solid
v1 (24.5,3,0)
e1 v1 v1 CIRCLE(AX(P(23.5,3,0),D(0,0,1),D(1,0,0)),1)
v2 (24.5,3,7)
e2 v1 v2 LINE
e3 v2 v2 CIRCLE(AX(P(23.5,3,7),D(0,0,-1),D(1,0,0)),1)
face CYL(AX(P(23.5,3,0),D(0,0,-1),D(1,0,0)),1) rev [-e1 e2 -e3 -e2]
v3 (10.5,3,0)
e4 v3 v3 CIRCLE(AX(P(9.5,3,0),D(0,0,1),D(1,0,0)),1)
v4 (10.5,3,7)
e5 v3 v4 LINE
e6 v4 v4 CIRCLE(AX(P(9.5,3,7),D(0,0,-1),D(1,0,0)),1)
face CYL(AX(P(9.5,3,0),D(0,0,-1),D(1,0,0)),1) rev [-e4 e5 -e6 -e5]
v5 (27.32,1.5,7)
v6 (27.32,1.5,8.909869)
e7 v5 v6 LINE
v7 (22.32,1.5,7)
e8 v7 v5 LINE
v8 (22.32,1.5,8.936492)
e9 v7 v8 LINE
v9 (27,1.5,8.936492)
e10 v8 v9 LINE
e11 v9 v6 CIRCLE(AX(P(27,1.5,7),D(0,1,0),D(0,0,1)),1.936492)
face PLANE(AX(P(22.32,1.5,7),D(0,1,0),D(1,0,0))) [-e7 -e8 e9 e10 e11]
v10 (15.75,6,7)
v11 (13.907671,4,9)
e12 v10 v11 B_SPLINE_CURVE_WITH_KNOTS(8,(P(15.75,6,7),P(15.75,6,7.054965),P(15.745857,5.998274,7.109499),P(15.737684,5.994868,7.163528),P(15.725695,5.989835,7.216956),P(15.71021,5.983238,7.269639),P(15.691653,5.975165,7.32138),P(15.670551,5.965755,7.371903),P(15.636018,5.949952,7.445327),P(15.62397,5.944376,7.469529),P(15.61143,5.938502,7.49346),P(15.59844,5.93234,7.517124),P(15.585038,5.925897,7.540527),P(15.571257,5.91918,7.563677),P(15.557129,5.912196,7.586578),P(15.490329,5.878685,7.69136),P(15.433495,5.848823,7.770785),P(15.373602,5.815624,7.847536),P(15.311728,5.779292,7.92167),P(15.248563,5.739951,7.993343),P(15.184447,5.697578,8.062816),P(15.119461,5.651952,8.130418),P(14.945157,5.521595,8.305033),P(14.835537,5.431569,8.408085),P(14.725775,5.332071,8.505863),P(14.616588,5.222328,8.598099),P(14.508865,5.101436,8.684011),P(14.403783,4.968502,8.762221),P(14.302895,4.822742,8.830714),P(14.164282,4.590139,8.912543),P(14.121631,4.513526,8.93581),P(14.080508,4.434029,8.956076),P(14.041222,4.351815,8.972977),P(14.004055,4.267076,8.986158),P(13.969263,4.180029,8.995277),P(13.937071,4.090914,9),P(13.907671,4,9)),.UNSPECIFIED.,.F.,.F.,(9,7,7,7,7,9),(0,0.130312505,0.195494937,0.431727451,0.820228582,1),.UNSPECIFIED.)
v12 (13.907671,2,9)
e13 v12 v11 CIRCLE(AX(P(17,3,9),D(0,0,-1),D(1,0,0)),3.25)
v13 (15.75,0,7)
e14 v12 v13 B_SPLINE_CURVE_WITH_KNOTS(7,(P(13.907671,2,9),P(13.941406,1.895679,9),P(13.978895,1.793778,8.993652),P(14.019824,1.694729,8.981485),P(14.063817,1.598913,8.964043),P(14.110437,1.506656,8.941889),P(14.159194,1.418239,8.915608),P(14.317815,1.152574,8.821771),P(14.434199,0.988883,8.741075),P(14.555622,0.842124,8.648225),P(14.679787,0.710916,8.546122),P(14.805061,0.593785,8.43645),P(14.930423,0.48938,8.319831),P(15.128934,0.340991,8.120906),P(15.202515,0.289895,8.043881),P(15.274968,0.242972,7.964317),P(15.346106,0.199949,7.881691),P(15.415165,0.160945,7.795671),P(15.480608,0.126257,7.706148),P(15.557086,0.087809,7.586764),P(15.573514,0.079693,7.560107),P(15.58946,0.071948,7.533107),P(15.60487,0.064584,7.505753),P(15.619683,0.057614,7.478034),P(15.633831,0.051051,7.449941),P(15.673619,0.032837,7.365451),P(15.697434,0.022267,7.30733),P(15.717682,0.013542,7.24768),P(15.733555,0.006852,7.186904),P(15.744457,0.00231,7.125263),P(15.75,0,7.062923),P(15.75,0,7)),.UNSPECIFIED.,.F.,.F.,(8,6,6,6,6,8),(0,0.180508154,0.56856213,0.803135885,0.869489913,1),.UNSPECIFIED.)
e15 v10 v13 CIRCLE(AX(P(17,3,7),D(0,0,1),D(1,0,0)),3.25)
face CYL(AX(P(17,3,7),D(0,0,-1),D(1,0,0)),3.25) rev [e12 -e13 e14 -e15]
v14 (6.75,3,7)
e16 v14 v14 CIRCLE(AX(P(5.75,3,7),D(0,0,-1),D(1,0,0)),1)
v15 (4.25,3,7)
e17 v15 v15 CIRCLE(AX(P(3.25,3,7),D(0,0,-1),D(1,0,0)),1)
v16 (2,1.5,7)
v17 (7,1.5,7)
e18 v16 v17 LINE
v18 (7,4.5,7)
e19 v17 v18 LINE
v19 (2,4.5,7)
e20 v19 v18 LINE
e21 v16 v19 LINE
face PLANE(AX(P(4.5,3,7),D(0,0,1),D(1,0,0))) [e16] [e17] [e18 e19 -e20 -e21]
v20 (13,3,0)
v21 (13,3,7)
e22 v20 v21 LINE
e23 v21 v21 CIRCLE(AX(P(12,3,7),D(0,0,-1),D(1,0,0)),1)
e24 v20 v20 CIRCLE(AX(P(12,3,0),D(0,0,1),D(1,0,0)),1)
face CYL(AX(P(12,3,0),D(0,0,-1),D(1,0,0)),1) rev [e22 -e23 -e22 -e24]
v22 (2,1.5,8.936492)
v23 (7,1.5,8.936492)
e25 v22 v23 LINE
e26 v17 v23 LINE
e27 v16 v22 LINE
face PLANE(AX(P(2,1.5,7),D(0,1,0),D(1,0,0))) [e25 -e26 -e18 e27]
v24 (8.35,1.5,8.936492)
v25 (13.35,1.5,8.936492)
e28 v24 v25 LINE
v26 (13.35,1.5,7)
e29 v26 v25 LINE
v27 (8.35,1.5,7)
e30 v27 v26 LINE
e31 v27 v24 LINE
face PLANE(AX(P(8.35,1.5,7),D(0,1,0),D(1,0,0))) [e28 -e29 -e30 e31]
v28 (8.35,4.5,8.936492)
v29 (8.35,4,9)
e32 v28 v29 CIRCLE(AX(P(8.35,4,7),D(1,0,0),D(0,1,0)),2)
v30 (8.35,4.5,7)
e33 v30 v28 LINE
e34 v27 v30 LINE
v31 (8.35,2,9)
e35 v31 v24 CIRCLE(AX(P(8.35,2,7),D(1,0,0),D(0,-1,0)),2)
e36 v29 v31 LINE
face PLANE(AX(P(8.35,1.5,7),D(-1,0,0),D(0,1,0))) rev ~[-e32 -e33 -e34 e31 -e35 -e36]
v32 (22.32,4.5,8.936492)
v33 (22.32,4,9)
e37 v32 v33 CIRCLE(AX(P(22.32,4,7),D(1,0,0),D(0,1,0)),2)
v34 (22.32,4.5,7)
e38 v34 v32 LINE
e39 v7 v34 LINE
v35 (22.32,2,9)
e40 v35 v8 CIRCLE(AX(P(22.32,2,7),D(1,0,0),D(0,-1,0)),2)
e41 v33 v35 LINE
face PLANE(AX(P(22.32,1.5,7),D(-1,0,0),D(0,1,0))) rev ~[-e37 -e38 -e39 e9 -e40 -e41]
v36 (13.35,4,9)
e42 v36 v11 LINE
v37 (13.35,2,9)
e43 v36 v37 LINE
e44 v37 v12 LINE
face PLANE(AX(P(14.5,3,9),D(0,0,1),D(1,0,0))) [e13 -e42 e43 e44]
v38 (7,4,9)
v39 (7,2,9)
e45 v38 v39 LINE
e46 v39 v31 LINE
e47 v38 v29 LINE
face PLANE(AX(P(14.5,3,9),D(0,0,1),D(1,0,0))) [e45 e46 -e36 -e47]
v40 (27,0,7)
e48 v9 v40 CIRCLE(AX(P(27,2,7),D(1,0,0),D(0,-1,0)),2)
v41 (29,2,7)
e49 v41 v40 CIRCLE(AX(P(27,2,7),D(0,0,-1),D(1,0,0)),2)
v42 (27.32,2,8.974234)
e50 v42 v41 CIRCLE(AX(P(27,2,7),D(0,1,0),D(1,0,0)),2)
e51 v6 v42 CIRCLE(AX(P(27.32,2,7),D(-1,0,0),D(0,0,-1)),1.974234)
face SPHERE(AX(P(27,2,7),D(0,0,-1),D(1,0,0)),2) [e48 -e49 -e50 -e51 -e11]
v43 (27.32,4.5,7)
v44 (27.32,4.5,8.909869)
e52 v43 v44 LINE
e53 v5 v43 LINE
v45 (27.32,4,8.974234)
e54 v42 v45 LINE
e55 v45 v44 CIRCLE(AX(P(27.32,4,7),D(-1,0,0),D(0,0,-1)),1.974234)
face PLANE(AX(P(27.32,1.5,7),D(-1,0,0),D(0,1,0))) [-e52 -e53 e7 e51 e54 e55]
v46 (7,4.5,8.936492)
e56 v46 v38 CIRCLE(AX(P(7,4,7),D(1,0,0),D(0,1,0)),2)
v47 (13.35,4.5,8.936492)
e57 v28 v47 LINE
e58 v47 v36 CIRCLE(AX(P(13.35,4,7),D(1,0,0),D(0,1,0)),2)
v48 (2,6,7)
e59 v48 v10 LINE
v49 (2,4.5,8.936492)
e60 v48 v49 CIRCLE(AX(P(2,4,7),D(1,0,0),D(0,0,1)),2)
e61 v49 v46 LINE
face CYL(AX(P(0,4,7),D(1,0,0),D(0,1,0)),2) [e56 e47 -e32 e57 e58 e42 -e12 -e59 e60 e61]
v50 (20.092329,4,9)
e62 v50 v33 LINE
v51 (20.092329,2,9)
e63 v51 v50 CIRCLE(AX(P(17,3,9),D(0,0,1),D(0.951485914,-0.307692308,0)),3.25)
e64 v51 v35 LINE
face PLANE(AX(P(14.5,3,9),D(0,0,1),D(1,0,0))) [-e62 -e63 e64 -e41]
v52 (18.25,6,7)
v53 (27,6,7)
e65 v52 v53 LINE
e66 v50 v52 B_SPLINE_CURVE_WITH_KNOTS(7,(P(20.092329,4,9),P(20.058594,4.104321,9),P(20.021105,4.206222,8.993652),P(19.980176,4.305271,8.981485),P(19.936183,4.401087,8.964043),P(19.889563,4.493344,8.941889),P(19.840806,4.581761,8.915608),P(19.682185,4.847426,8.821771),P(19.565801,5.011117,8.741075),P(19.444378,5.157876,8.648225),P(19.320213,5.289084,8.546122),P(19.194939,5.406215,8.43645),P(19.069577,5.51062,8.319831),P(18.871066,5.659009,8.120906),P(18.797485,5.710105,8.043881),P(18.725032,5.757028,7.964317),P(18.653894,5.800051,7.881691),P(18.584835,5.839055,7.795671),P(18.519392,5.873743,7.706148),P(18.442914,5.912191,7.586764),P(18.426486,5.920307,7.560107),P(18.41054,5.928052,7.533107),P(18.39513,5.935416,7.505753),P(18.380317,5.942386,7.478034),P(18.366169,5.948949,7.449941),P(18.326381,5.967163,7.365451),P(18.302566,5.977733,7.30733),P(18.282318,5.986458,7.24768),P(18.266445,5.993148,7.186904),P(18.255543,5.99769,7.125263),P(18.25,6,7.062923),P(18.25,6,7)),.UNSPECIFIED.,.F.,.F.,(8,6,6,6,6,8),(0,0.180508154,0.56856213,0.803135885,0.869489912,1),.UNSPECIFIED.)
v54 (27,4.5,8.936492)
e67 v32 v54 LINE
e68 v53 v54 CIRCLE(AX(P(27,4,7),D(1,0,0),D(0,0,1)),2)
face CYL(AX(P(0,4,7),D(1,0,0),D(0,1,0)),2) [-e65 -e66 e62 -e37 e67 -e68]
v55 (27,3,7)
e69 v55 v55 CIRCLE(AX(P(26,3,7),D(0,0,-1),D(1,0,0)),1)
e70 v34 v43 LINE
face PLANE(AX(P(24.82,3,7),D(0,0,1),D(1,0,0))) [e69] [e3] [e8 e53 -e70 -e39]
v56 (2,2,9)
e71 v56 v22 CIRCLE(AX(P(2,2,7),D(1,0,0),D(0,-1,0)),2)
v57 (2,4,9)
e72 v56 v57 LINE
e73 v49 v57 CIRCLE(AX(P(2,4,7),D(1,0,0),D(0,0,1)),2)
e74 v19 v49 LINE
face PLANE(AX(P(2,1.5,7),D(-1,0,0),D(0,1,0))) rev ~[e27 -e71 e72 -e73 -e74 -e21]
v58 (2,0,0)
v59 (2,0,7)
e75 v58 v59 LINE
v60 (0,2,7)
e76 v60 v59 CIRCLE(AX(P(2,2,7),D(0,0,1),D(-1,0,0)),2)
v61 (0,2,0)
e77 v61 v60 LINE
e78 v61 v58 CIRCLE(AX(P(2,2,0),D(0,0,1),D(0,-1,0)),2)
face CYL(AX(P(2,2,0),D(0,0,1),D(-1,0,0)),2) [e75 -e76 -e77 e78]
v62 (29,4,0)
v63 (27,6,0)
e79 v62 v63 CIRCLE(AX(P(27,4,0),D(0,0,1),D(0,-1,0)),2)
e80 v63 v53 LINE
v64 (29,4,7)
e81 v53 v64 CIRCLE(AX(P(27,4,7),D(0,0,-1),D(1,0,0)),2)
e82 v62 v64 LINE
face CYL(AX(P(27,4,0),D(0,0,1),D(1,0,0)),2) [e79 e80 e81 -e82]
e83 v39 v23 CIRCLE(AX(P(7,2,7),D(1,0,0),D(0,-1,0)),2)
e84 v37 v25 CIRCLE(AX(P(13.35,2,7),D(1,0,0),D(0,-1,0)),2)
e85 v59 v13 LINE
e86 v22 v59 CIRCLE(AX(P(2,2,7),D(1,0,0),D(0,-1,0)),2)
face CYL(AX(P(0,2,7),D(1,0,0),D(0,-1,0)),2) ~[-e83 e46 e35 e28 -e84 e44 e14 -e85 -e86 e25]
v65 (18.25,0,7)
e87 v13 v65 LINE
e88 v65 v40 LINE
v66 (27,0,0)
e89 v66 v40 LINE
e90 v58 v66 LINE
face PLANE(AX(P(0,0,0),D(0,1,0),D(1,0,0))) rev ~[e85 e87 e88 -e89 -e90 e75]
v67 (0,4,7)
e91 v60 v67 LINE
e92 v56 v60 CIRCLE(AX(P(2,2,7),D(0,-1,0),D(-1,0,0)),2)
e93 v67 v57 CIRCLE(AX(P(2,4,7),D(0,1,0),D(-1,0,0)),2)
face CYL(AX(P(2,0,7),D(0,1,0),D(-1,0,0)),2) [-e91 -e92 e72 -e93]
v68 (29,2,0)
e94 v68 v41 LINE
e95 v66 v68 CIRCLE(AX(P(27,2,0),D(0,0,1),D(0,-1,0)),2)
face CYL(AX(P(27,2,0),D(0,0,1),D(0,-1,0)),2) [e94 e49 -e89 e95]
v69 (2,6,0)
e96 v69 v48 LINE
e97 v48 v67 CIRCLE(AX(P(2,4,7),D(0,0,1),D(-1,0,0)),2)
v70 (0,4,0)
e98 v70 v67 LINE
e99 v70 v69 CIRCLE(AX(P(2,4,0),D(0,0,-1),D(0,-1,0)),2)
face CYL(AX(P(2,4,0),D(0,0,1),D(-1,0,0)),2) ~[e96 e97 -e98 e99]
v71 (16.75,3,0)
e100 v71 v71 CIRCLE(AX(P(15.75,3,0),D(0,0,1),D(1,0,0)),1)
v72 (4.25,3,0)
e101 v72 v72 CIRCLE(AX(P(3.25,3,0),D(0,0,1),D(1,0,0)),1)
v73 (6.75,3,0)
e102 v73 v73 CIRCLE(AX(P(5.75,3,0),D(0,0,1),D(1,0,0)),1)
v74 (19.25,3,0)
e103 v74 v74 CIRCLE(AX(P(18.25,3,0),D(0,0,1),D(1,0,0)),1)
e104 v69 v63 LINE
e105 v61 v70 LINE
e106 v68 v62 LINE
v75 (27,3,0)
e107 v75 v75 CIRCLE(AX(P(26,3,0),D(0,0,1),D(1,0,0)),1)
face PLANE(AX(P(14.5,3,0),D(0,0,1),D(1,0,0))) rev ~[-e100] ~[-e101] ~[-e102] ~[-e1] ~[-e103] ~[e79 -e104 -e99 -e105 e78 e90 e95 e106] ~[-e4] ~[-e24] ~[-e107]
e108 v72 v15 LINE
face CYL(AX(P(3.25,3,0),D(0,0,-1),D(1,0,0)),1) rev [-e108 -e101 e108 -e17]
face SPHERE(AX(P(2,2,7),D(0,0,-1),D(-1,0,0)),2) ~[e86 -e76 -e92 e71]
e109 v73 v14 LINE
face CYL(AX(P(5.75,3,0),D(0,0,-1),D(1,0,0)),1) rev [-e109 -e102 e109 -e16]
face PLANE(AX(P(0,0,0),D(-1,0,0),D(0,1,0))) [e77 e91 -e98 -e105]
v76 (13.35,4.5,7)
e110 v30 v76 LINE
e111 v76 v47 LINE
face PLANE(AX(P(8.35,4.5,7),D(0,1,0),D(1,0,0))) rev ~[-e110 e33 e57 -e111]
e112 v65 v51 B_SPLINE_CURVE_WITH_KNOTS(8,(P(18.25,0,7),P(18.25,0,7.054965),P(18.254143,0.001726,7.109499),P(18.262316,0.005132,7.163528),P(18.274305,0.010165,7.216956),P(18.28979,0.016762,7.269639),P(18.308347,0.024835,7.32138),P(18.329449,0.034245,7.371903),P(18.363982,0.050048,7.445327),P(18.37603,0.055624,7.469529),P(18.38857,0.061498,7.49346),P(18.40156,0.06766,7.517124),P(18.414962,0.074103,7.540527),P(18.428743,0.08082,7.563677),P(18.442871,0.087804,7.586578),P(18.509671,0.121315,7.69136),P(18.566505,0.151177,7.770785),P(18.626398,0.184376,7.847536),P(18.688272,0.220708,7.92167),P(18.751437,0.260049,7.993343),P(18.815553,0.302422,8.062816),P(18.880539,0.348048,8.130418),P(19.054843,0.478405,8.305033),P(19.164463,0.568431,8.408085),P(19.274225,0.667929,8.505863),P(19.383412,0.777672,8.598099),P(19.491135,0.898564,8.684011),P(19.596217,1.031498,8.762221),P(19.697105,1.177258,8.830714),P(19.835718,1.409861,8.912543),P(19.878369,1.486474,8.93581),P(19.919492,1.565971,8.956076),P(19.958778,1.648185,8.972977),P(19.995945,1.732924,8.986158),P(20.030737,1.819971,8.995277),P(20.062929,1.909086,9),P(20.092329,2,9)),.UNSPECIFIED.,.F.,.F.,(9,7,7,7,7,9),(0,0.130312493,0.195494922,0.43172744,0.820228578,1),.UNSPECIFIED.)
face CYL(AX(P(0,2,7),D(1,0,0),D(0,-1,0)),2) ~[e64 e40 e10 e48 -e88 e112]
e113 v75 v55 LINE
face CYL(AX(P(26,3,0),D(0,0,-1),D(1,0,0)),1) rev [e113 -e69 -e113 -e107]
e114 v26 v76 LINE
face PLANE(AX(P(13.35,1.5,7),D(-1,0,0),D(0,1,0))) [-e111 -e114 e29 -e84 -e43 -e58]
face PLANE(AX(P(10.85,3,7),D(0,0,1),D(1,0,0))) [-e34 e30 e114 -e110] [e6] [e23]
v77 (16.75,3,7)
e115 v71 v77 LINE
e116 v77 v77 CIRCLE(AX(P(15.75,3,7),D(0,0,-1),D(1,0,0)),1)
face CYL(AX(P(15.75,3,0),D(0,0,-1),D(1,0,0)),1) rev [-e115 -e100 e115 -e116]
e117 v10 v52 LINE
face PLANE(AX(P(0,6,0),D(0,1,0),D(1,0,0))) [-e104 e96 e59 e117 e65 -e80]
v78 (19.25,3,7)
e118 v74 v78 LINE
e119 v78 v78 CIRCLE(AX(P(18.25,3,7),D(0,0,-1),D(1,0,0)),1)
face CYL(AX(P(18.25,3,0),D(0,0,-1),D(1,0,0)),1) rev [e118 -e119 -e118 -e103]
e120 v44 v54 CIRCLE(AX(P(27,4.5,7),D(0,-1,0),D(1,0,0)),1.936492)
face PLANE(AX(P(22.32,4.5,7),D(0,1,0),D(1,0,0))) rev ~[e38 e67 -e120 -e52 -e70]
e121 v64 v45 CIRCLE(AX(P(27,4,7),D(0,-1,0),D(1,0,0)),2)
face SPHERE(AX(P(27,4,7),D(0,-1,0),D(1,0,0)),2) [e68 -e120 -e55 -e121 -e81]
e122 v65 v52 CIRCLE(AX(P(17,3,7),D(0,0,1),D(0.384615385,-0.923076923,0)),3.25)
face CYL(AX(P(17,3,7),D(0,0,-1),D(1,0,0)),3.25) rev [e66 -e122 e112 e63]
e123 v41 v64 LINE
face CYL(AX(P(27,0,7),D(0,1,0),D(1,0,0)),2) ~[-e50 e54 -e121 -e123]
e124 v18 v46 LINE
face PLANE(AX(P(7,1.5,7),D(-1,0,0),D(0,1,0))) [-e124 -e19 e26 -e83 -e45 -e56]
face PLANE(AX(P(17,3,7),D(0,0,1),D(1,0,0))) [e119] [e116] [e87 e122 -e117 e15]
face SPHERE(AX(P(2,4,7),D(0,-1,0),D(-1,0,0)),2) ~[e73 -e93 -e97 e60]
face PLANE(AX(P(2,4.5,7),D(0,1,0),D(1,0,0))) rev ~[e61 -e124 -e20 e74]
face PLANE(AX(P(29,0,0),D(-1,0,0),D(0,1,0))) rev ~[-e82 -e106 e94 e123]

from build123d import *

# Parameters (mm, degrees)
BOX001_W          = 5
BOX001_H          = 3
BOX001_DEPTH      = 10
BOX002_W          = 5
BOX002_H          = 3
BOX002_DEPTH      = 10
BOX003_W          = 5
BOX003_H          = 3
BOX003_DEPTH      = 10
CYLINDER_R        = 3.25
CYLINDER_DEPTH    = 10
CYLINDER002_R     = 1
CYLINDER002_DEPTH = 20
CYLINDER001_R     = 1
CYLINDER001_DEPTH = 20
CYLINDER004_R     = 1
CYLINDER004_DEPTH = 20
CYLINDER003_R     = 1
CYLINDER003_DEPTH = 20
CYLINDER006_R     = 1
CYLINDER006_DEPTH = 20
CYLINDER005_R     = 1
CYLINDER005_DEPTH = 20
CYLINDER008_R     = 1
CYLINDER008_DEPTH = 20
CYLINDER007_R     = 1
CYLINDER007_DEPTH = 20
BOX_W             = 29
BOX_H             = 6
BOX_DEPTH         = 9
FILLET_R          = 2


with BuildPart() as cube001:
    # Box001 → Box001 (new body)
    with BuildSketch(Plane(origin=(2, 1.5, 7), x_dir=(1, 0, 0), z_dir=(0, 0, 1))):
        with Locations((2.5, 1.5)):
            Rectangle(BOX001_W, BOX001_H)
    extrude(amount=BOX001_DEPTH)


with BuildPart() as cube002:
    # Box002 → Box002 (new body)
    with BuildSketch(Plane(origin=(8.35, 1.5, 7), x_dir=(1, 0, 0), z_dir=(0, 0, 1))):
        with Locations((2.5, 1.5)):
            Rectangle(BOX002_W, BOX002_H)
    extrude(amount=BOX002_DEPTH)


with BuildPart() as cube003:
    # Box003 → Box003 (new body)
    with BuildSketch(Plane(origin=(22.32, 1.5, 7), x_dir=(1, 0, 0), z_dir=(0, 0, 1))):
        with Locations((2.5, 1.5)):
            Rectangle(BOX003_W, BOX003_H)
    extrude(amount=BOX003_DEPTH)


with BuildPart() as cylinder:
    # Cylinder → Cylinder (new body)
    with BuildSketch(Plane(origin=(17, 3, 7), x_dir=(1, 0, 0), z_dir=(0, 0, 1))):
        Circle(CYLINDER_R)
    extrude(amount=CYLINDER_DEPTH)


with BuildPart() as cylinder002:
    # Cylinder002 → Cylinder002 (new body)
    with BuildSketch(Plane(origin=(5.75, 3, 0), x_dir=(1, 0, 0), z_dir=(0, 0, 1))):
        Circle(CYLINDER002_R)
    extrude(amount=CYLINDER002_DEPTH)


with BuildPart() as fusion:
    # Cylinder001 → Cylinder001 (new body)
    with BuildSketch(Plane(origin=(3.25, 3, 0), x_dir=(1, 0, 0), z_dir=(0, 0, 1))):
        Circle(CYLINDER001_R)
    extrude(amount=CYLINDER001_DEPTH)

    # Fusion: union Cylinder002
    add(cylinder002.part)


with BuildPart() as cylinder004:
    # Cylinder004 → Cylinder004 (new body)
    with BuildSketch(Plane(origin=(5.75, 3, 0), x_dir=(1, 0, 0), z_dir=(0, 0, 1))):
        Circle(CYLINDER004_R)
    extrude(amount=CYLINDER004_DEPTH)


with BuildPart() as fusion001:
    # Cylinder003 → Cylinder003 (new body)
    with BuildSketch(Plane(origin=(3.25, 3, 0), x_dir=(1, 0, 0), z_dir=(0, 0, 1))):
        Circle(CYLINDER003_R)
    extrude(amount=CYLINDER003_DEPTH)

    # Fusion001: union Cylinder004
    add(cylinder004.part)


with BuildPart() as fusion001_1:
    # Fusion001 placement: moved
    add(fusion001.part.moved(Location((6.25, 0, 0))))


with BuildPart() as cylinder006:
    # Cylinder006 → Cylinder006 (new body)
    with BuildSketch(Plane(origin=(5.75, 3, 0), x_dir=(1, 0, 0), z_dir=(0, 0, 1))):
        Circle(CYLINDER006_R)
    extrude(amount=CYLINDER006_DEPTH)


with BuildPart() as fusion002:
    # Cylinder005 → Cylinder005 (new body)
    with BuildSketch(Plane(origin=(3.25, 3, 0), x_dir=(1, 0, 0), z_dir=(0, 0, 1))):
        Circle(CYLINDER005_R)
    extrude(amount=CYLINDER005_DEPTH)

    # Fusion002: union Cylinder006
    add(cylinder006.part)


with BuildPart() as fusion002_1:
    # Fusion002 placement: moved
    add(fusion002.part.moved(Location((20.25, 0, 0))))


with BuildPart() as cylinder008:
    # Cylinder008 → Cylinder008 (new body)
    with BuildSketch(Plane(origin=(5.75, 3, 0), x_dir=(1, 0, 0), z_dir=(0, 0, 1))):
        Circle(CYLINDER008_R)
    extrude(amount=CYLINDER008_DEPTH)


with BuildPart() as fusion004:
    # Cylinder007 → Cylinder007 (new body)
    with BuildSketch(Plane(origin=(3.25, 3, 0), x_dir=(1, 0, 0), z_dir=(0, 0, 1))):
        Circle(CYLINDER007_R)
    extrude(amount=CYLINDER007_DEPTH)

    # Fusion003: union Cylinder008
    add(cylinder008.part)


with BuildPart() as fusion004_1:
    # Fusion003 placement: moved
    add(fusion004.part.moved(Location((12.5, 0, 0))))

    # Fusion004: union Cube001, Cube002, Cube003, Cylinder, Fusion, Fusion001, Fusion002
    add(cube001.part)
    add(cube002.part)
    add(cube003.part)
    add(cylinder.part)
    add(fusion.part)
    add(fusion001_1.part)
    add(fusion002_1.part)


with BuildPart() as standoff:
    # Box → Box (new body)
    with BuildSketch(Plane.XY):
        with Locations((14.5, 3)):
            Rectangle(BOX_W, BOX_H)
    extrude(amount=BOX_DEPTH)

    # Fillet
    fillet_edges = [standoff.edges().sort_by_distance(p)[0] for p in [
        (0, 0, 4.5),
        (0, 3, 9),
        (0, 6, 4.5),
        (29, 0, 4.5),
        (29, 3, 9),
        (29, 6, 4.5),
        (14.5, 0, 9),
        (14.5, 6, 9),
    ]]
    fillet(fillet_edges, radius=FILLET_R)

    # Cut: cut Fusion004
    add(fusion004_1.part, mode=Mode.SUBTRACT)


solid = standoff.part
